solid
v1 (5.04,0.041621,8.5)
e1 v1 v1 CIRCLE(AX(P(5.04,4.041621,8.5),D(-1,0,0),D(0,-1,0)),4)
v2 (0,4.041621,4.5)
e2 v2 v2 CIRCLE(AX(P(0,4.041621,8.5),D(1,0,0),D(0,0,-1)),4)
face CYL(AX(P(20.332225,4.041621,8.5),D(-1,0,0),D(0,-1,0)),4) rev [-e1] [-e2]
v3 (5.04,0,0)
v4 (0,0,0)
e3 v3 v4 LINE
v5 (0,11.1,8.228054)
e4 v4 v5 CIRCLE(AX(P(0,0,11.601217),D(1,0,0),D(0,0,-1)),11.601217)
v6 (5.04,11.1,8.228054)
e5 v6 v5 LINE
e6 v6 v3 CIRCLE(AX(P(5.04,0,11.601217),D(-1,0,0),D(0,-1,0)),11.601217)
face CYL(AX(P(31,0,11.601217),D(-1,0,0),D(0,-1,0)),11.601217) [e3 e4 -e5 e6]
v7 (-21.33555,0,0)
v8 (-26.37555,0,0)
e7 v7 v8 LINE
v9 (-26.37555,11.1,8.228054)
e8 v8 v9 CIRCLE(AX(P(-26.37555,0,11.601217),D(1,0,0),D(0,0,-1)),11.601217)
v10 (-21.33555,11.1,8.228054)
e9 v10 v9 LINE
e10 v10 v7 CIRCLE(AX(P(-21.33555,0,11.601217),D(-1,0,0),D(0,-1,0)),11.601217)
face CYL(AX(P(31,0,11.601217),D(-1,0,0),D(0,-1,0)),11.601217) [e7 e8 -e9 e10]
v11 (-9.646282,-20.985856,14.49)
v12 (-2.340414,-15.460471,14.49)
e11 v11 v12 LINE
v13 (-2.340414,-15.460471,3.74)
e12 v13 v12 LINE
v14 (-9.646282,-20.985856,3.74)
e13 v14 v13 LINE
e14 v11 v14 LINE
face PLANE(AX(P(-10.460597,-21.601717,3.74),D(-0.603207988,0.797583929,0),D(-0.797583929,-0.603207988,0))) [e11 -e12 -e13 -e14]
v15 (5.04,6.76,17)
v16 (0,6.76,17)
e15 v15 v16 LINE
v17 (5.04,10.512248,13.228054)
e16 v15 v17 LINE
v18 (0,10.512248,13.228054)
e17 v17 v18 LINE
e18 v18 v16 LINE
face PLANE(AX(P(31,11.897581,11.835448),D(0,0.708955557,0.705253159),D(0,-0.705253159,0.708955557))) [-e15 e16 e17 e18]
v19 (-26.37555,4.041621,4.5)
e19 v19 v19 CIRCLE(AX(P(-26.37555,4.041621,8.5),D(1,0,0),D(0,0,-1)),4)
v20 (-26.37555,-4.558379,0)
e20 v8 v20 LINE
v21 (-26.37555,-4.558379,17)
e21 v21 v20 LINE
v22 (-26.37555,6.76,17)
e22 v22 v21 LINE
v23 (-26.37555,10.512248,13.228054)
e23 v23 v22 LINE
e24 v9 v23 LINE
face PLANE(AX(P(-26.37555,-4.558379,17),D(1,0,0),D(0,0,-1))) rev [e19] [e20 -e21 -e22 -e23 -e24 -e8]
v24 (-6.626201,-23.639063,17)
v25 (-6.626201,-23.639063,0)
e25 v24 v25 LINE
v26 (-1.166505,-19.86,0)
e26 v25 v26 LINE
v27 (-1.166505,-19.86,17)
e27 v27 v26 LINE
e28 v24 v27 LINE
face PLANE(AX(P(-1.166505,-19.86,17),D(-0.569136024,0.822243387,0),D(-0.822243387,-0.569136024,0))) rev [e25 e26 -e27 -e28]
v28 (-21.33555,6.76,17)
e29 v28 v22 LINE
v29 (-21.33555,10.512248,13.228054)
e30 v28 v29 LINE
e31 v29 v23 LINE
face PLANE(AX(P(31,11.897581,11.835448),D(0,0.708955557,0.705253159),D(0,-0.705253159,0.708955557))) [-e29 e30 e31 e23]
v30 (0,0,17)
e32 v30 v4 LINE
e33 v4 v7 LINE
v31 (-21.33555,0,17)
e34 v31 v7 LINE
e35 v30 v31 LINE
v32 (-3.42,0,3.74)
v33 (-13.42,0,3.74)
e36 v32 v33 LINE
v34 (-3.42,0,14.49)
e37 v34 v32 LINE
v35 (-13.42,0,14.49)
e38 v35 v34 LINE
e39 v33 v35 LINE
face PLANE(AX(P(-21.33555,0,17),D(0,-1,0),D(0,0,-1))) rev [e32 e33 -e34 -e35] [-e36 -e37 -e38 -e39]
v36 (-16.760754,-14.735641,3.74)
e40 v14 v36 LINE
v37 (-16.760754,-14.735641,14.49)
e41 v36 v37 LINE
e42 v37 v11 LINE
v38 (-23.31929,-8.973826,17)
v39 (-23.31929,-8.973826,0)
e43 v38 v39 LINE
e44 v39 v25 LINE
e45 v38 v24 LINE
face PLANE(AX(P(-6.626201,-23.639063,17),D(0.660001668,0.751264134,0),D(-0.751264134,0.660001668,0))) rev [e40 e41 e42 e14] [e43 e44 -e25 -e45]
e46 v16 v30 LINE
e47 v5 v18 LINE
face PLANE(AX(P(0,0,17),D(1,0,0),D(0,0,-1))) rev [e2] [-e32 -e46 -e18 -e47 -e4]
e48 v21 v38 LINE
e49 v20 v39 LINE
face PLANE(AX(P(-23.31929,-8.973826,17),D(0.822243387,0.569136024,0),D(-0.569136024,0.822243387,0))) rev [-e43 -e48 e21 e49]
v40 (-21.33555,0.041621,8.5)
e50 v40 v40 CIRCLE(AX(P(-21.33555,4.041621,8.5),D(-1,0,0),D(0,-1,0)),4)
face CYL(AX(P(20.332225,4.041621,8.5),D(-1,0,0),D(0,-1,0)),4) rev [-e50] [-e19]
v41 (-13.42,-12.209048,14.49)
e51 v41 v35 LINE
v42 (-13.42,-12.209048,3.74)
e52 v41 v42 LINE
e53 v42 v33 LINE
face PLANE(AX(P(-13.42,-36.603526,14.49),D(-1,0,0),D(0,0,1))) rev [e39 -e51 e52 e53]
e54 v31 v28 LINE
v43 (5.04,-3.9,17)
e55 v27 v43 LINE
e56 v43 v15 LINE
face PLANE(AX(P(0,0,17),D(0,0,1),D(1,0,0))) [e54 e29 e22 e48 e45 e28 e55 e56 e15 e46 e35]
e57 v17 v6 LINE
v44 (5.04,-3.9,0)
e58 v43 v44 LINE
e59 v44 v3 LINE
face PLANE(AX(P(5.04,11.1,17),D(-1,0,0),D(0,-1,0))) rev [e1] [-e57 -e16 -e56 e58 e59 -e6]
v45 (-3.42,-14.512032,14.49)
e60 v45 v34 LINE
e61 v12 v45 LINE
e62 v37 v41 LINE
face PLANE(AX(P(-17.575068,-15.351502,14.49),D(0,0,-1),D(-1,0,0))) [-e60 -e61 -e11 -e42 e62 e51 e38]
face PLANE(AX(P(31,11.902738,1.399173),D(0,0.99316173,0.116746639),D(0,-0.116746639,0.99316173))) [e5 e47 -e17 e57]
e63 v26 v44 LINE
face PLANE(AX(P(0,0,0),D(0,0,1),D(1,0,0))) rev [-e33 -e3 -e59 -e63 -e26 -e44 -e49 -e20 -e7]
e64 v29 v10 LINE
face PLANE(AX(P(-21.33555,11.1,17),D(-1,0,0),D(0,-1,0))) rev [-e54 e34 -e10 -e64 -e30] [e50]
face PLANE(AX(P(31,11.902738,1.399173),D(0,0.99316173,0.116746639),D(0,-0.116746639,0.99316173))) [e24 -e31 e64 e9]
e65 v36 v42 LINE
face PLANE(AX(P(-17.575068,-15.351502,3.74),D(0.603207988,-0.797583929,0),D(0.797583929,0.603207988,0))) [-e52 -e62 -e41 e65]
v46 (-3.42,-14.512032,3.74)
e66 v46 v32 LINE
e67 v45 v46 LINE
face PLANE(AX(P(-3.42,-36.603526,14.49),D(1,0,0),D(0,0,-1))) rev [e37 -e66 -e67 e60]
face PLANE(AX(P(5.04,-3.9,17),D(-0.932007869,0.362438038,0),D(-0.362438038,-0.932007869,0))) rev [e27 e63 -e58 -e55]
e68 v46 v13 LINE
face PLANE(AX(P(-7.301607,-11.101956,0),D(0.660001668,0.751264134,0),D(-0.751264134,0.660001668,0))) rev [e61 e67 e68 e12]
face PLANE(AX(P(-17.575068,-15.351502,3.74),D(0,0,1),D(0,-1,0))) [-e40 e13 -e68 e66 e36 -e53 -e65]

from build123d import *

# Parameters (mm, degrees)
BOSS_EXTRUDE1_DEPTH = 17
CUT_EXTRUDE1_DEPTH  = 31
SKETCH3_W           = 9.47
SKETCH3_H           = 10.75
CUT_EXTRUDE2_REACH  = 41.287
SKETCH6_W           = 10
SKETCH6_H           = 10.75
SKETCH7_R           = 4
CUT_EXTRUDE3_DEPTH  = 31


with BuildPart() as part:
    # Sketch1 → Boss-Extrude1 (new body)
    with BuildSketch(Plane.XY):
        Polygon((0, 0), (0, 11.1), (5.04, 11.1), (5.04, -3.9), (-1.16650456, -19.86), (-6.626200647, -23.639063196), (-23.319289693, -8.973826134), (-26.37555014, -4.558379149), (-26.37555014, 11.1), (-21.33555014, 11.1), (-21.33555014, 0), align=None)
    extrude(amount=BOSS_EXTRUDE1_DEPTH)

    # Sketch2 → Cut-Extrude1 (cut, symmetric)
    with BuildSketch(Plane.ZY):
        Polygon((8.228054067, 11.1), (17, 11.1), (17, 12.88110255), (0, 12.88110255), (0, 11.1), align=None)
        with BuildLine():
            ThreePointArc((0, 0), (2.28131811, 6.908525055), (8.228054067, 11.1))
            Line((8.228054067, 11.1), (0, 11.1))
            Line((0, 11.1), (0, 0))
        make_face()
        Polygon((13.228054067, 10.512247596), (17, 6.76), (17, 11.1), (8.228054067, 11.1), align=None)
    extrude(amount=CUT_EXTRUDE1_DEPTH, both=True, mode=Mode.SUBTRACT)

    # Cut-Sweep1: sweep along a path in Sketch5
    with BuildLine(Plane.XY.offset(7)) as cut_sweep1_path:
        Line((-11.079626433, -19.726633046), (-3.773757644, -14.201247879))
    # Sketch3 → Cut-Sweep1 (sweep, cut)
    with BuildSketch(Plane(origin=(-14.60747623, -16.627341271, 0), x_dir=(-0.7512641335035073, 0.6600016679609412, 0), z_dir=(-0.6600016679609412, -0.7512641335035074, 0))):
        with Locations((-1.868794251, -9.115)):
            Rectangle(SKETCH3_W, SKETCH3_H)
    sweep(path=cut_sweep1_path.line, mode=Mode.SUBTRACT)

    # Cut-Extrude2: up to this face of the body (flat: up to its plane)
    cut_extrude2_end = Plane(part.part.faces().sort_by_distance((-5.99334807, -18.223163907, 9.115))[0])
    # Sketch6 → Cut-Extrude2 (cut, up to the picked face)
    with BuildSketch(Plane(origin=(0, 0, 0), x_dir=(1, 0, 0), z_dir=(0, 1, 0)), mode=Mode.PRIVATE) as cut_extrude2_sk1:
        with Locations((-8.42, -9.115)):
            Rectangle(SKETCH6_W, SKETCH6_H)
    cut_extrude2_tool1 = split(extrude(cut_extrude2_sk1.sketch, amount=-CUT_EXTRUDE2_REACH, mode=Mode.PRIVATE), bisect_by=cut_extrude2_end, keep=Keep.BOTH, mode=Mode.PRIVATE)
    add(cut_extrude2_tool1.solids().sort_by(Axis((-8.42, 0, 9.115), (0, -1, 0)))[0], mode=Mode.SUBTRACT)

    # Sketch7 → Cut-Extrude3 (cut, symmetric)
    with BuildSketch(Plane.ZY.offset(10.66777507)):
        with Locations(Location((8.5, 4.041620851, 0), (0, 0, 270))):
            Circle(SKETCH7_R)
    extrude(amount=CUT_EXTRUDE3_DEPTH, both=True, mode=Mode.SUBTRACT)


solid = part.part
